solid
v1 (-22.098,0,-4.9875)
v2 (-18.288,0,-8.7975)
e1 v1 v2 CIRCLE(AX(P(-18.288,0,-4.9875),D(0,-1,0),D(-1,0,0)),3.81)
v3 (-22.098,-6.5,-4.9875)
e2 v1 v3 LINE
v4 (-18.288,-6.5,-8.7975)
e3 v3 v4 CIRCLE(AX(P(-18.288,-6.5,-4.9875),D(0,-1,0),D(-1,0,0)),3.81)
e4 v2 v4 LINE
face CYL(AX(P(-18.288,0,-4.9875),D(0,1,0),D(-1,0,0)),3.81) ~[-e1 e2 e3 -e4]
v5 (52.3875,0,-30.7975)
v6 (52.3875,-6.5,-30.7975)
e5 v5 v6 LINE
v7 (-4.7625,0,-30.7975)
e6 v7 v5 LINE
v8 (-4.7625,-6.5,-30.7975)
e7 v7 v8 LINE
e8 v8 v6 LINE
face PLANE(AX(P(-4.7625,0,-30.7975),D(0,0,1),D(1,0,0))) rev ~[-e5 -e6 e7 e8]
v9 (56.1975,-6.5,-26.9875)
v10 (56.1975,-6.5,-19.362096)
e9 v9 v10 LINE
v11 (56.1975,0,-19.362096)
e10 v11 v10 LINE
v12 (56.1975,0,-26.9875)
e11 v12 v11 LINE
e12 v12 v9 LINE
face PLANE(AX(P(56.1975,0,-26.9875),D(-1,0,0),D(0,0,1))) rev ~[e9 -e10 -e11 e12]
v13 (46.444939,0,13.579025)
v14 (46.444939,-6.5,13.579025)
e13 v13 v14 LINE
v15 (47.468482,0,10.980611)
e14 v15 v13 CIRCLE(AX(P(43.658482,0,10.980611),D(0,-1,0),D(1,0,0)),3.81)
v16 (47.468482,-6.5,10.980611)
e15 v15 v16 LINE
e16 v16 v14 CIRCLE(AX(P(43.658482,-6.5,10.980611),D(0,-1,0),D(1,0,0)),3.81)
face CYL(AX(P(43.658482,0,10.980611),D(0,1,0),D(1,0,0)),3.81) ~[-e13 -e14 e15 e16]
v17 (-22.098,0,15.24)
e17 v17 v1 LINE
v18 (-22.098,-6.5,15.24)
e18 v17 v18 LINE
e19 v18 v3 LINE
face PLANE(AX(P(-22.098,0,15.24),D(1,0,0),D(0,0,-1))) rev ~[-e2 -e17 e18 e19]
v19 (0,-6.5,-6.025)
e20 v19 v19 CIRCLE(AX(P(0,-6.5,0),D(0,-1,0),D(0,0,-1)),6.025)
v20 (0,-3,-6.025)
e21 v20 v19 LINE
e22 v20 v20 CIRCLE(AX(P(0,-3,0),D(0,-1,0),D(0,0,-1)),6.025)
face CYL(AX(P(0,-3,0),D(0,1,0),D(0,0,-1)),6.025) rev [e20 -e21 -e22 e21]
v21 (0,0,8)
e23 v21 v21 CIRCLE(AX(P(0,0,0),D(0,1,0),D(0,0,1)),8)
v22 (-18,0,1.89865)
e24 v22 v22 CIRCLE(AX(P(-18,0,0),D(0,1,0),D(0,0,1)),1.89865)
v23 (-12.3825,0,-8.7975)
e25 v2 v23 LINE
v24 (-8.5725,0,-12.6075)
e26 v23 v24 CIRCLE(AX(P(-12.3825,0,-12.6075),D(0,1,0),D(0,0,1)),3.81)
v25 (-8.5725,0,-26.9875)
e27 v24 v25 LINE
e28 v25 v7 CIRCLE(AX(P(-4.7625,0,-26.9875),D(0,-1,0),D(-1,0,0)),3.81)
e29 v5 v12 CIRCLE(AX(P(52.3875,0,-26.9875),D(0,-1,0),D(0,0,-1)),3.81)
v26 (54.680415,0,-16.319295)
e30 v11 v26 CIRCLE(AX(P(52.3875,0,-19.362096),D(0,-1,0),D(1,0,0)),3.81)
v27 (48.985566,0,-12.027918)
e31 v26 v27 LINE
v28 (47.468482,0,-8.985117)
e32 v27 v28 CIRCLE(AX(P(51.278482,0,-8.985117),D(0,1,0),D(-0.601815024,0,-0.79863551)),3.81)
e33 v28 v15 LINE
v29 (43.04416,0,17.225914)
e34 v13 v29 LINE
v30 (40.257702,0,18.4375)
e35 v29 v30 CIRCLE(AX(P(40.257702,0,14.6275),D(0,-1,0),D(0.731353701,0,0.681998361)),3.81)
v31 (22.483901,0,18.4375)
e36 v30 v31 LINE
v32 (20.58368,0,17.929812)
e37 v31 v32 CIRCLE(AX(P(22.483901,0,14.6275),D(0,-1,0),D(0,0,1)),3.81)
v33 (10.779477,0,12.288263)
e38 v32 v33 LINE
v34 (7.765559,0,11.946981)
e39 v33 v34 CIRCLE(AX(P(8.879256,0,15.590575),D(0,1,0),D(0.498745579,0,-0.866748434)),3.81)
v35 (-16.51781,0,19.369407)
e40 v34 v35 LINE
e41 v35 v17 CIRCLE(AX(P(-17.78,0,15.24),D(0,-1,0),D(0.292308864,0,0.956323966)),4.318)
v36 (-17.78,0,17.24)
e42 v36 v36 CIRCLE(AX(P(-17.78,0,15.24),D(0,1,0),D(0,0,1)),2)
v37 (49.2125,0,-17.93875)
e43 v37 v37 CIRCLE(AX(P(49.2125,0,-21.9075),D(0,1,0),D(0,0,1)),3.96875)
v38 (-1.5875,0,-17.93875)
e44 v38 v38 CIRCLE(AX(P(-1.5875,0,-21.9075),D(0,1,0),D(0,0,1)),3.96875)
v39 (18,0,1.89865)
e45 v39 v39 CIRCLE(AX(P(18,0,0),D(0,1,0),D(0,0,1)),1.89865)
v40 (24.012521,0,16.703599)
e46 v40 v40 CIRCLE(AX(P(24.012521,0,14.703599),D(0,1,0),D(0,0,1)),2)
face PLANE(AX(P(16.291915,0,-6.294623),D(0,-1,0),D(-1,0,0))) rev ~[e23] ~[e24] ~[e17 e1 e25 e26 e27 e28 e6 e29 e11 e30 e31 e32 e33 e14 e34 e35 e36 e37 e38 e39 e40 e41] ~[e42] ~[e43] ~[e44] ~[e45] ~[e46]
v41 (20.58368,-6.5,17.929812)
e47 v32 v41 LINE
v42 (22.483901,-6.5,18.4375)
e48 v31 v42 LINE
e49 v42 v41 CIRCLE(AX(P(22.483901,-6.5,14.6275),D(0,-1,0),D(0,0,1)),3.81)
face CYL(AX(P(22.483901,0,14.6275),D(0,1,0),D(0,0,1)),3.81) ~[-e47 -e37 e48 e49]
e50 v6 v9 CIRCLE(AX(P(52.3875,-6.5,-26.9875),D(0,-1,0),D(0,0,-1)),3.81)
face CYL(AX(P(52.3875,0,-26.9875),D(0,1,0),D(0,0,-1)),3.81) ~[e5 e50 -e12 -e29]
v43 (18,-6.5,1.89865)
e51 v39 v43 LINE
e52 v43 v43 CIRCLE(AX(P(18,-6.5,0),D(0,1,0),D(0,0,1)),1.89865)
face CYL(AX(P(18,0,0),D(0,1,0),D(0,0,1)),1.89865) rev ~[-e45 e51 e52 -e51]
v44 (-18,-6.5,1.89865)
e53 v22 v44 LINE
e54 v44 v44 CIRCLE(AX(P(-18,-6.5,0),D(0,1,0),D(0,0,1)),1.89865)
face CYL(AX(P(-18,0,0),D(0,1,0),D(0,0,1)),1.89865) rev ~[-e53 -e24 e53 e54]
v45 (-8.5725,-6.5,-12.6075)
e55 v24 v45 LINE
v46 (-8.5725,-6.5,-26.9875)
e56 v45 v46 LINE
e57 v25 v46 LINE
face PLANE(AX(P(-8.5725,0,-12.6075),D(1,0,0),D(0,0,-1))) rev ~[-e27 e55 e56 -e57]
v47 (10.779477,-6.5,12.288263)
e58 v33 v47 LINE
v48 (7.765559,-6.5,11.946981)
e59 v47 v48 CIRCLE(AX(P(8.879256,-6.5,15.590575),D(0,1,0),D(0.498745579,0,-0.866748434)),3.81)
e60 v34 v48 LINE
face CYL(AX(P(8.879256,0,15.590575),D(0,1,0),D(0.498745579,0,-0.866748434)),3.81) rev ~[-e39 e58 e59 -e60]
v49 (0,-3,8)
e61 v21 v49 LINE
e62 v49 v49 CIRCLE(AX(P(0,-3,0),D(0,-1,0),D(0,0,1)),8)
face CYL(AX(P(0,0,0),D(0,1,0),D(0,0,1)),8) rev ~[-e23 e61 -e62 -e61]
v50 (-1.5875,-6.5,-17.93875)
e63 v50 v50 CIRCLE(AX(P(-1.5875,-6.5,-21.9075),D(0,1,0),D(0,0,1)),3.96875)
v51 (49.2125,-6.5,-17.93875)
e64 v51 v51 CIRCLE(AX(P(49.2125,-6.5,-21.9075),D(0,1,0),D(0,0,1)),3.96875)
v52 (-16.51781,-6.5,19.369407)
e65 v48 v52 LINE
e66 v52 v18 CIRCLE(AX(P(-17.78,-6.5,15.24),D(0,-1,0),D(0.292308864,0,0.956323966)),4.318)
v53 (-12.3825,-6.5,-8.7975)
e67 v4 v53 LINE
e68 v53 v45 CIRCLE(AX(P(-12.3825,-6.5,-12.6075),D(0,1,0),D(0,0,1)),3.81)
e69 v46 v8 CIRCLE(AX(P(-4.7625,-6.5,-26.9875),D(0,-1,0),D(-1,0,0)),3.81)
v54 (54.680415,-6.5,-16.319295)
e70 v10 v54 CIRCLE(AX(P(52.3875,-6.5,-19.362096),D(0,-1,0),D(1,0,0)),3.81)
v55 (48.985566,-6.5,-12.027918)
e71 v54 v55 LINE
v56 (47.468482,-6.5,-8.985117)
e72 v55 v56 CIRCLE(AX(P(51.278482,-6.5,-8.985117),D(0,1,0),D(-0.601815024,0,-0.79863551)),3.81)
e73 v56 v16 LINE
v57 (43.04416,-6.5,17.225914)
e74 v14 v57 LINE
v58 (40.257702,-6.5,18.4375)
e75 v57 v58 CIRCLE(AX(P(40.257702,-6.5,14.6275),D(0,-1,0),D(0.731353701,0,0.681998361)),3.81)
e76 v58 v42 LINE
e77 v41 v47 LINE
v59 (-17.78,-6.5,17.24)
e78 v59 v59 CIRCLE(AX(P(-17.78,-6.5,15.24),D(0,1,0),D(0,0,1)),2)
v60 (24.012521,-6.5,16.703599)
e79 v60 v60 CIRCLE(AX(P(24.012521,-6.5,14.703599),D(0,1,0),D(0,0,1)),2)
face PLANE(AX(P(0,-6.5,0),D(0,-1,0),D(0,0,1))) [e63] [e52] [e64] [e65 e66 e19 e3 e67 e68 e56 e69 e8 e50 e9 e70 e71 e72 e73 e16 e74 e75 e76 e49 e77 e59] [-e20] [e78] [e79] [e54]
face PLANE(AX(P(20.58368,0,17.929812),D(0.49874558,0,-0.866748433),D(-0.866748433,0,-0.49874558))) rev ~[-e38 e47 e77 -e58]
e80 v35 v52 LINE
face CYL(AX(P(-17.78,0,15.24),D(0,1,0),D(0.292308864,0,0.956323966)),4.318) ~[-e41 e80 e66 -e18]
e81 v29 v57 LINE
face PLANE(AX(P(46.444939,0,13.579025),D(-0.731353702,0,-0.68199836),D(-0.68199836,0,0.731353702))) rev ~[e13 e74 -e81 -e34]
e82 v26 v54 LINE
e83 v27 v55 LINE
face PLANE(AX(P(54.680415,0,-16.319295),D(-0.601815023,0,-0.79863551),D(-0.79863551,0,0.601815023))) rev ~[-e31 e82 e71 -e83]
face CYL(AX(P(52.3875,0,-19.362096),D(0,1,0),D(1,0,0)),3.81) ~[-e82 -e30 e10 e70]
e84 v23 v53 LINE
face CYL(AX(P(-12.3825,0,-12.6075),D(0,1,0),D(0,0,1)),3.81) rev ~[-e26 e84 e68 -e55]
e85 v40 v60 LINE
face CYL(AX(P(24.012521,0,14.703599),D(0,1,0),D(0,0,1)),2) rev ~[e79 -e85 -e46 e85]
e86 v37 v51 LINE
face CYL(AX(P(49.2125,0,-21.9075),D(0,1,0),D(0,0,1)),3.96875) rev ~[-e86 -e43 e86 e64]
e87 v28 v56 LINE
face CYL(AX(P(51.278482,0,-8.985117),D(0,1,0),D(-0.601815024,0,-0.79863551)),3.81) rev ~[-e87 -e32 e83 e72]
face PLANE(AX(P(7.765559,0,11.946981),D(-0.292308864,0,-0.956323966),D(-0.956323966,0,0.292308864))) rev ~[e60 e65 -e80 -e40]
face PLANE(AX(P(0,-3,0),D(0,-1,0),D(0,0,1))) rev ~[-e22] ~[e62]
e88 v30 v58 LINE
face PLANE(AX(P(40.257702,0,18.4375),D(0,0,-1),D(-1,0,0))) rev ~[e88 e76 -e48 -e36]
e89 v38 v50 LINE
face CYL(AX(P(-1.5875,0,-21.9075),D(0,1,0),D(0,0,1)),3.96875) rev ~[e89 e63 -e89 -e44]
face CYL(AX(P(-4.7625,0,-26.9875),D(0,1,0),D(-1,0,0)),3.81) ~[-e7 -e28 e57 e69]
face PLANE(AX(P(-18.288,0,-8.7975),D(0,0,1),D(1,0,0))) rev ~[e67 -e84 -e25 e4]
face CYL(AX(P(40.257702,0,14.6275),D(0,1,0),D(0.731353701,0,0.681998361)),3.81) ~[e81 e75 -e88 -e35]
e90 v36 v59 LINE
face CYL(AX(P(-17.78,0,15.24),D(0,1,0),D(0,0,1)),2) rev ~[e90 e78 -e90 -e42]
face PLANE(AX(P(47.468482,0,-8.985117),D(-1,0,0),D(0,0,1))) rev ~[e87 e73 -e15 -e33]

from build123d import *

# Parameters (mm, degrees)
SKETCH4_R           = 8
SKETCH4_R_2         = 3.96875
SKETCH4_R_3         = 2
SKETCH4_R_4         = 1.89865
BOSS_EXTRUDE2_DEPTH = 6.5
BOSS_EXTRUDE5_START = -3.5
SKETCH31_R          = 8
SKETCH31_R_2        = 6.025
BOSS_EXTRUDE5_DEPTH = 3.5


with BuildPart() as part:
    # Sketch4 → Boss-Extrude2 (new body)
    with BuildSketch(Plane(origin=(0, 0, 0), x_dir=(1, 0, 0), z_dir=(0, 1, 0))):
        with BuildLine():
            Line((40.257702493, -18.4375), (22.483900583, -18.4375))
            ThreePointArc((22.483900583, -18.4375), (21.500464498, -18.308390309), (20.583679925, -17.929811531))
            Line((20.583679925, -17.929811531), (10.779476649, -12.288263354))
            ThreePointArc((10.779476649, -12.288263354), (9.307944036, -11.804768953), (7.765559219, -11.946980575))
            Line((7.765559219, -11.946980575), (-16.517810325, -19.369406885))
            ThreePointArc((-16.517810325, -19.369406885), (-20.348558836, -18.710969534), (-22.098, -15.24))
            Line((-22.098, -15.24), (-22.098, 4.987500122))
            ThreePointArc((-22.098, 4.987500122), (-20.982076836, 7.681576958), (-18.288, 8.797500122))
            Line((-18.288, 8.797500122), (-12.3825, 8.797500122))
            ThreePointArc((-12.3825, 8.797500122), (-9.688423164, 9.913423286), (-8.5725, 12.607500122))
            Line((-8.5725, 12.607500122), (-8.5725, 26.9875))
            ThreePointArc((-8.5725, 26.9875), (-7.456576836, 29.681576836), (-4.7625, 30.7975))
            Line((-4.7625, 30.7975), (52.3875, 30.7975))
            ThreePointArc((52.3875, 30.7975), (55.081576836, 29.681576836), (56.1975, 26.9875))
            Line((56.1975, 26.9875), (56.1975, 19.362095927))
            ThreePointArc((56.1975, 19.362095927), (55.797199918, 17.662082259), (54.680415238, 16.319294633))
            Line((54.680415238, 16.319294633), (48.985566477, 12.027918285))
            ThreePointArc((48.985566477, 12.027918285), (47.868781798, 10.685130659), (47.468481715, 8.985116992))
            Line((47.468481715, 8.985116992), (47.468481715, -10.980610773))
            ThreePointArc((47.468481715, -10.980610773), (47.203372649, -12.376980446), (46.444939319, -13.579024524))
            Line((46.444939319, -13.579024524), (43.044160097, -17.225913752))
            ThreePointArc((43.044160097, -17.225913752), (41.776936446, -18.121498883), (40.257702493, -18.4375))
        make_face()
        with Locations(Location((0, 0, 0), (0, 0, 270))):
            Circle(SKETCH4_R, mode=Mode.SUBTRACT)
        with Locations(Location((-1.5875, 21.9075, 0), (0, 0, 270))):
            Circle(SKETCH4_R_2, mode=Mode.SUBTRACT)
        with Locations(Location((49.2125, 21.9075, 0), (0, 0, 270))):
            Circle(SKETCH4_R_2, mode=Mode.SUBTRACT)
        with Locations(Location((24.012521227, -14.703599027, 0), (0, 0, 270))):
            Circle(SKETCH4_R_3, mode=Mode.SUBTRACT)
        with Locations(Location((-17.78, -15.24, 0), (0, 0, 270))):
            Circle(SKETCH4_R_3, mode=Mode.SUBTRACT)
        with Locations(Location((18.000000004, 0, 0), (0, 0, 270))):
            Circle(SKETCH4_R_4, mode=Mode.SUBTRACT)
        with Locations(Location((-18.000000004, 0, 0), (0, 0, 270))):
            Circle(SKETCH4_R_4, mode=Mode.SUBTRACT)
    extrude(amount=-BOSS_EXTRUDE2_DEPTH)

    # Sketch31 → Boss-Extrude5 (add)
    with BuildSketch(Plane.XZ.offset(6.5).offset(BOSS_EXTRUDE5_START)):
        with Locations(Location((0, 0, 0), (0, 0, 90))):
            Circle(SKETCH31_R)
        with Locations(Location((0, 0, 0), (0, 0, 270))):
            Circle(SKETCH31_R_2, mode=Mode.SUBTRACT)
    extrude(amount=BOSS_EXTRUDE5_DEPTH)


solid = part.part
